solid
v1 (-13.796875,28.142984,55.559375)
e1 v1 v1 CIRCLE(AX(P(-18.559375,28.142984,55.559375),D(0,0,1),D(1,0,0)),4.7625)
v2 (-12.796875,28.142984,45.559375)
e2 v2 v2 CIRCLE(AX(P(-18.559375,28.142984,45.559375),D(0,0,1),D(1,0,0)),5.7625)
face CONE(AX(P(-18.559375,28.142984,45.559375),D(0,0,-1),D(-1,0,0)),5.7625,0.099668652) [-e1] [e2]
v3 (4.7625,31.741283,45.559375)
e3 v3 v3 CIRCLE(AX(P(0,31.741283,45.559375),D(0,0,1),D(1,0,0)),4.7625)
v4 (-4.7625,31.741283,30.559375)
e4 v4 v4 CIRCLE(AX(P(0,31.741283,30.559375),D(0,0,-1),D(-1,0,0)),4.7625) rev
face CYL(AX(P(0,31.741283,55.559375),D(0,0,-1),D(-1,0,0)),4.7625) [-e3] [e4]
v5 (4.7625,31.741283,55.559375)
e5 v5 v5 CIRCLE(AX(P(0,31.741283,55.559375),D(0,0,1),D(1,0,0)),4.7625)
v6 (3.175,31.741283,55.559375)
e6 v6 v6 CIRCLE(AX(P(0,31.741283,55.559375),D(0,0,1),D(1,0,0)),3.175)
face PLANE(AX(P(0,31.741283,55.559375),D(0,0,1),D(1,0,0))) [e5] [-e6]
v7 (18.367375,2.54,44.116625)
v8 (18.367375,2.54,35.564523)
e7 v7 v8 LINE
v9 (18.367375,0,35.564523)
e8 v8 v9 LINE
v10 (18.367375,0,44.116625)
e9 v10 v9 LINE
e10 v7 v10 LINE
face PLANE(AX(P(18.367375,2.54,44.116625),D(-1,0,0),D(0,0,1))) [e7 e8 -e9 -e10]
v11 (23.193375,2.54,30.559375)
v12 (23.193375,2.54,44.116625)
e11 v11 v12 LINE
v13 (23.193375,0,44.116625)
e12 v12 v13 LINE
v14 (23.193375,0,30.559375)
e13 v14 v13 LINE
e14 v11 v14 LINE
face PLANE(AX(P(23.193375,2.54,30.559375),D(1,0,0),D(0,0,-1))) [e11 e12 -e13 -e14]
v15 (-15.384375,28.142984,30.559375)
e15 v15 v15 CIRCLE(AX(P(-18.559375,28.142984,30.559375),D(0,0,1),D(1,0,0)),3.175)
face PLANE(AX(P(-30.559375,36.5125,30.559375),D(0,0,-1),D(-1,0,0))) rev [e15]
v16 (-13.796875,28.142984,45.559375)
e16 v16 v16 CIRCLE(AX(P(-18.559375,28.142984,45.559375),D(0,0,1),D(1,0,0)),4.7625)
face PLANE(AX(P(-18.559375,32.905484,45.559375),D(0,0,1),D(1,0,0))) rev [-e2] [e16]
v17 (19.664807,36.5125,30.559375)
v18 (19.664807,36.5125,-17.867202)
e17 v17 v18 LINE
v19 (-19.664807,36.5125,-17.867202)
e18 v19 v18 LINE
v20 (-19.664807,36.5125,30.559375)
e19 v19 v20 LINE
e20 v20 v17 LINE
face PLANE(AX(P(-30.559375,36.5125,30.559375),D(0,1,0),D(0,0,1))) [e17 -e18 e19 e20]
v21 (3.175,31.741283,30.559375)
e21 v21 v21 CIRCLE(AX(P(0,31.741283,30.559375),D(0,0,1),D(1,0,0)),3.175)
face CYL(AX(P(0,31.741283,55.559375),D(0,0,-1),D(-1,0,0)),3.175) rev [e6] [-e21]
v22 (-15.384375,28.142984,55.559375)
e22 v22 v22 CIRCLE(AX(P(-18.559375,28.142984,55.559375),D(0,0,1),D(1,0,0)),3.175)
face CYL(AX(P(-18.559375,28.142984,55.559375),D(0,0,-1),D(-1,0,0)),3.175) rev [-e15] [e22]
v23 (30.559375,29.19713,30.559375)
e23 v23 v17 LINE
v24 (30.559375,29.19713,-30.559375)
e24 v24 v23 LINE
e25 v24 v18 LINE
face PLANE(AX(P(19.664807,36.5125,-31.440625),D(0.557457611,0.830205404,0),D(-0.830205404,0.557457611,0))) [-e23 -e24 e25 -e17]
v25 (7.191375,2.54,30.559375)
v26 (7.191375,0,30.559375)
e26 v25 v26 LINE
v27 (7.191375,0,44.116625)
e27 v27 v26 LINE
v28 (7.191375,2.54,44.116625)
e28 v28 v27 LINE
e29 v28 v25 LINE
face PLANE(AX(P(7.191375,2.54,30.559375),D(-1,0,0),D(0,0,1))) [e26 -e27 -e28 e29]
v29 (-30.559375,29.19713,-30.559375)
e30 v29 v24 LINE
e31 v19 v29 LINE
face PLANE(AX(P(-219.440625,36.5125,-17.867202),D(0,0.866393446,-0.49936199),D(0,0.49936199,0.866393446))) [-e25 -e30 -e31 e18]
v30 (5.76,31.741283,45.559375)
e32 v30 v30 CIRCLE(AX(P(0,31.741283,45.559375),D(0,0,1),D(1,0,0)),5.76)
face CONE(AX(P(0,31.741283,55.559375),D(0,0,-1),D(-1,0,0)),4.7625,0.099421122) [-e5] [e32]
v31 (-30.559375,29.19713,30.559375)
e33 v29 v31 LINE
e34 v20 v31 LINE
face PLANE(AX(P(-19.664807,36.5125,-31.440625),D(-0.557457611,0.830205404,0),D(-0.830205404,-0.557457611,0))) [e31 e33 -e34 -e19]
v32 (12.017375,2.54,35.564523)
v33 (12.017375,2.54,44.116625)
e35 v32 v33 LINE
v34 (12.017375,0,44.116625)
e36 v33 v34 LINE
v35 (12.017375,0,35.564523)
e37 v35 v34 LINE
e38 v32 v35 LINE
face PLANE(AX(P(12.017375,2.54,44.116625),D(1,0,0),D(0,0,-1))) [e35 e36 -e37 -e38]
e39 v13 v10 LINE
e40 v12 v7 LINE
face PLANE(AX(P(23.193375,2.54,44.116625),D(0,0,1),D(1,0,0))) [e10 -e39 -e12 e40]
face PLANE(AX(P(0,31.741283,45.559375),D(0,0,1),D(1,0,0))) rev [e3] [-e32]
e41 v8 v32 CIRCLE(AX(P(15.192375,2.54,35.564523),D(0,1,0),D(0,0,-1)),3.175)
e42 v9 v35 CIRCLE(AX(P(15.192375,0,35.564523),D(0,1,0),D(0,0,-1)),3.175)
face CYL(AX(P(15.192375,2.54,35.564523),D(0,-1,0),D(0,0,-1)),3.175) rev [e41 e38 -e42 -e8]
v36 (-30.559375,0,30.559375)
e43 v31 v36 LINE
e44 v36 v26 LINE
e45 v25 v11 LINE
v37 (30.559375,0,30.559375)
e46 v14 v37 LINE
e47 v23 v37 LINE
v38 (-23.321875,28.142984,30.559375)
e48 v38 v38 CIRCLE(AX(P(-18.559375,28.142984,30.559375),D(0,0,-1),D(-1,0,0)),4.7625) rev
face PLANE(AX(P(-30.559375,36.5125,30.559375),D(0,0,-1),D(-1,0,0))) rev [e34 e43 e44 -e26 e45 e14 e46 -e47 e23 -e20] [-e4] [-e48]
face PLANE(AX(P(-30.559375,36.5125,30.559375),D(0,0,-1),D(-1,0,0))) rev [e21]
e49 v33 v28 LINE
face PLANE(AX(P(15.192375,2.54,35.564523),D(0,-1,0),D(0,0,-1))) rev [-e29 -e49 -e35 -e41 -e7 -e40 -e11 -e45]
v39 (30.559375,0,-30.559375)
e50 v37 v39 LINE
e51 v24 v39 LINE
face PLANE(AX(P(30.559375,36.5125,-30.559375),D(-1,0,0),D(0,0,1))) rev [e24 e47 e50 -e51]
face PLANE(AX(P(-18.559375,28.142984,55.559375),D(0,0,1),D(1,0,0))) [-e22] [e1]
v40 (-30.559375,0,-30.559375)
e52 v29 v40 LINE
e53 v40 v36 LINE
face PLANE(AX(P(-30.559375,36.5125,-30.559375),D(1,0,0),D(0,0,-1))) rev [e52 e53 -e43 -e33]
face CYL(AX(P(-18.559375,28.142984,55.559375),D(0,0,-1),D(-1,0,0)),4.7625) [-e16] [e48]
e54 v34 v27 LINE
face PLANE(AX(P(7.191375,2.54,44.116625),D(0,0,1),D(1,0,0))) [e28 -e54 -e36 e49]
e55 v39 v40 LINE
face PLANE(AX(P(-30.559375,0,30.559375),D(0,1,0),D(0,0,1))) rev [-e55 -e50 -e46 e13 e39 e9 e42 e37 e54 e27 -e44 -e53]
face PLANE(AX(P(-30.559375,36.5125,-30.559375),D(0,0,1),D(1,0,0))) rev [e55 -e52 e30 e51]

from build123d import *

# Parameters (mm, degrees)
SKETCH1_W          = 61.11875
SKETCH1_H          = 61.11875
EXTRUDE1_DEPTH     = 36.5125
SKETCH3_OUTSIDE_W  = 81.884
SKETCH3_OUTSIDE_H  = 57.278
CUT_EXTRUDE7_DEPTH = 62
SKETCH4_OUTSIDE_W  = 81.884
SKETCH4_OUTSIDE_H  = 57.278
CUT_EXTRUDE8_DEPTH = 250
SKETCH2_R          = 4.7625
SKETCH2_R_2        = 3.175
EXTRUDE2_DEPTH     = 25
SKETCH5_R          = 4.7625
SKETCH5_R_2        = 3.175
EXTRUDE3_DEPTH     = 25
EXTRUDE4_DEPTH     = 2.54
SKETCH7_R          = 5.76
SKETCH7_R_2        = 4.7625
EXTRUDE5_DEPTH     = 10


with BuildPart() as part:
    # Sketch1 → Extrude1 (new body)
    with BuildSketch(Plane(origin=(0, 0, 0), x_dir=(1, 0, 0), z_dir=(0, 1, 0))):
        Rectangle(SKETCH1_W, SKETCH1_H)
    extrude(amount=EXTRUDE1_DEPTH)

    # Sketch3 outside → Cut-Extrude7 (cut)
    with BuildSketch(Plane.XY.offset(30.559375)):
        with Locations((0, 18.256)):
            Rectangle(SKETCH3_OUTSIDE_W, SKETCH3_OUTSIDE_H)
        Polygon((19.664807265, 36.5125), (30.559375, 29.197130008), (30.559375, 0), (-30.559375, 0), (-30.559375, 29.197130008), (-19.664807265, 36.5125), align=None, mode=Mode.SUBTRACT)
    extrude(amount=-CUT_EXTRUDE7_DEPTH, mode=Mode.SUBTRACT)

    # Sketch4 outside → Cut-Extrude8 (cut)
    with BuildSketch(Plane(origin=(30.559375, 0, 0), x_dir=(0, 0, -1), z_dir=(1, 0, 0))):
        with Locations((0, 18.256)):
            Rectangle(SKETCH4_OUTSIDE_W, SKETCH4_OUTSIDE_H)
        Polygon((-30.559375, 36.5125), (17.867202311, 36.5125), (30.559375, 29.197130008), (30.559375, 0), (-30.559375, 0), align=None, mode=Mode.SUBTRACT)
    extrude(amount=-CUT_EXTRUDE8_DEPTH, mode=Mode.SUBTRACT)

    # Sketch2 → Extrude2 (add)
    with BuildSketch(Plane.XY.offset(30.559375)):
        with Locations((0, 31.741283107)):
            Circle(SKETCH2_R)
        with Locations((0, 31.741283107)):
            Circle(SKETCH2_R_2, mode=Mode.SUBTRACT)
    extrude(amount=EXTRUDE2_DEPTH)

    # Sketch5 → Extrude3 (add)
    with BuildSketch(Plane.XY.offset(30.559375)):
        with Locations((-18.559375, 28.142983961)):
            Circle(SKETCH5_R)
        with Locations((-18.559375, 28.142983961)):
            Circle(SKETCH5_R_2, mode=Mode.SUBTRACT)
    extrude(amount=EXTRUDE3_DEPTH)

    # Sketch6 → Extrude4 (add)
    with BuildSketch(Plane.XZ):
        with BuildLine():
            Line((7.191375, 30.559375), (23.193375, 30.559375))
            Line((23.193375, 30.559375), (23.193375, 44.116625))
            Line((23.193375, 44.116625), (18.367375, 44.116625))
            Line((18.367375, 44.116625), (18.367375, 35.564523256))
            ThreePointArc((18.367375, 35.564523256), (15.192375, 32.389523256), (12.017375, 35.564523256))
            Line((12.017375, 35.564523256), (12.017375, 44.116625))
            Line((12.017375, 44.116625), (7.191375, 44.116625))
            Line((7.191375, 44.116625), (7.191375, 30.559375))
        make_face()
    extrude(amount=-EXTRUDE4_DEPTH)

    # Sketch7 → Extrude5 (add)
    with BuildSketch(Plane.XY.offset(55.559375)):
        with Locations((0, 31.741283107)):
            Circle(SKETCH7_R)
        with Locations((0, 31.741283107)):
            Circle(SKETCH7_R_2, mode=Mode.SUBTRACT)
    extrude(amount=-EXTRUDE5_DEPTH)

    # Sketch8 → Cut-Revolve2 (revolve, cut)
    with BuildSketch(Plane(origin=(0, 0, 0), x_dir=(0, 0, -1), z_dir=(1, 0, 0))):
        Polygon((-55.559375, 36.503783107), (-55.559375, 37.501283107), (-45.559375, 37.501283107), align=None)
    revolve(axis=Axis((0, 31.741283107, 55.559375), (0, 0, -1)), mode=Mode.SUBTRACT)

    # Sketch10 → Revolve1 (revolve)
    with BuildSketch(Plane(origin=(-18.559375, 0, 0), x_dir=(0, 0, -1), z_dir=(1, 0, 0))):
        Polygon((-55.559375, 32.905483961), (-45.559375, 32.905483961), (-45.559375, 33.905483961), align=None)
    revolve(axis=Axis((-18.559375, 28.142983961, 55.559375), (0, 0, -1)))


solid = part.part
